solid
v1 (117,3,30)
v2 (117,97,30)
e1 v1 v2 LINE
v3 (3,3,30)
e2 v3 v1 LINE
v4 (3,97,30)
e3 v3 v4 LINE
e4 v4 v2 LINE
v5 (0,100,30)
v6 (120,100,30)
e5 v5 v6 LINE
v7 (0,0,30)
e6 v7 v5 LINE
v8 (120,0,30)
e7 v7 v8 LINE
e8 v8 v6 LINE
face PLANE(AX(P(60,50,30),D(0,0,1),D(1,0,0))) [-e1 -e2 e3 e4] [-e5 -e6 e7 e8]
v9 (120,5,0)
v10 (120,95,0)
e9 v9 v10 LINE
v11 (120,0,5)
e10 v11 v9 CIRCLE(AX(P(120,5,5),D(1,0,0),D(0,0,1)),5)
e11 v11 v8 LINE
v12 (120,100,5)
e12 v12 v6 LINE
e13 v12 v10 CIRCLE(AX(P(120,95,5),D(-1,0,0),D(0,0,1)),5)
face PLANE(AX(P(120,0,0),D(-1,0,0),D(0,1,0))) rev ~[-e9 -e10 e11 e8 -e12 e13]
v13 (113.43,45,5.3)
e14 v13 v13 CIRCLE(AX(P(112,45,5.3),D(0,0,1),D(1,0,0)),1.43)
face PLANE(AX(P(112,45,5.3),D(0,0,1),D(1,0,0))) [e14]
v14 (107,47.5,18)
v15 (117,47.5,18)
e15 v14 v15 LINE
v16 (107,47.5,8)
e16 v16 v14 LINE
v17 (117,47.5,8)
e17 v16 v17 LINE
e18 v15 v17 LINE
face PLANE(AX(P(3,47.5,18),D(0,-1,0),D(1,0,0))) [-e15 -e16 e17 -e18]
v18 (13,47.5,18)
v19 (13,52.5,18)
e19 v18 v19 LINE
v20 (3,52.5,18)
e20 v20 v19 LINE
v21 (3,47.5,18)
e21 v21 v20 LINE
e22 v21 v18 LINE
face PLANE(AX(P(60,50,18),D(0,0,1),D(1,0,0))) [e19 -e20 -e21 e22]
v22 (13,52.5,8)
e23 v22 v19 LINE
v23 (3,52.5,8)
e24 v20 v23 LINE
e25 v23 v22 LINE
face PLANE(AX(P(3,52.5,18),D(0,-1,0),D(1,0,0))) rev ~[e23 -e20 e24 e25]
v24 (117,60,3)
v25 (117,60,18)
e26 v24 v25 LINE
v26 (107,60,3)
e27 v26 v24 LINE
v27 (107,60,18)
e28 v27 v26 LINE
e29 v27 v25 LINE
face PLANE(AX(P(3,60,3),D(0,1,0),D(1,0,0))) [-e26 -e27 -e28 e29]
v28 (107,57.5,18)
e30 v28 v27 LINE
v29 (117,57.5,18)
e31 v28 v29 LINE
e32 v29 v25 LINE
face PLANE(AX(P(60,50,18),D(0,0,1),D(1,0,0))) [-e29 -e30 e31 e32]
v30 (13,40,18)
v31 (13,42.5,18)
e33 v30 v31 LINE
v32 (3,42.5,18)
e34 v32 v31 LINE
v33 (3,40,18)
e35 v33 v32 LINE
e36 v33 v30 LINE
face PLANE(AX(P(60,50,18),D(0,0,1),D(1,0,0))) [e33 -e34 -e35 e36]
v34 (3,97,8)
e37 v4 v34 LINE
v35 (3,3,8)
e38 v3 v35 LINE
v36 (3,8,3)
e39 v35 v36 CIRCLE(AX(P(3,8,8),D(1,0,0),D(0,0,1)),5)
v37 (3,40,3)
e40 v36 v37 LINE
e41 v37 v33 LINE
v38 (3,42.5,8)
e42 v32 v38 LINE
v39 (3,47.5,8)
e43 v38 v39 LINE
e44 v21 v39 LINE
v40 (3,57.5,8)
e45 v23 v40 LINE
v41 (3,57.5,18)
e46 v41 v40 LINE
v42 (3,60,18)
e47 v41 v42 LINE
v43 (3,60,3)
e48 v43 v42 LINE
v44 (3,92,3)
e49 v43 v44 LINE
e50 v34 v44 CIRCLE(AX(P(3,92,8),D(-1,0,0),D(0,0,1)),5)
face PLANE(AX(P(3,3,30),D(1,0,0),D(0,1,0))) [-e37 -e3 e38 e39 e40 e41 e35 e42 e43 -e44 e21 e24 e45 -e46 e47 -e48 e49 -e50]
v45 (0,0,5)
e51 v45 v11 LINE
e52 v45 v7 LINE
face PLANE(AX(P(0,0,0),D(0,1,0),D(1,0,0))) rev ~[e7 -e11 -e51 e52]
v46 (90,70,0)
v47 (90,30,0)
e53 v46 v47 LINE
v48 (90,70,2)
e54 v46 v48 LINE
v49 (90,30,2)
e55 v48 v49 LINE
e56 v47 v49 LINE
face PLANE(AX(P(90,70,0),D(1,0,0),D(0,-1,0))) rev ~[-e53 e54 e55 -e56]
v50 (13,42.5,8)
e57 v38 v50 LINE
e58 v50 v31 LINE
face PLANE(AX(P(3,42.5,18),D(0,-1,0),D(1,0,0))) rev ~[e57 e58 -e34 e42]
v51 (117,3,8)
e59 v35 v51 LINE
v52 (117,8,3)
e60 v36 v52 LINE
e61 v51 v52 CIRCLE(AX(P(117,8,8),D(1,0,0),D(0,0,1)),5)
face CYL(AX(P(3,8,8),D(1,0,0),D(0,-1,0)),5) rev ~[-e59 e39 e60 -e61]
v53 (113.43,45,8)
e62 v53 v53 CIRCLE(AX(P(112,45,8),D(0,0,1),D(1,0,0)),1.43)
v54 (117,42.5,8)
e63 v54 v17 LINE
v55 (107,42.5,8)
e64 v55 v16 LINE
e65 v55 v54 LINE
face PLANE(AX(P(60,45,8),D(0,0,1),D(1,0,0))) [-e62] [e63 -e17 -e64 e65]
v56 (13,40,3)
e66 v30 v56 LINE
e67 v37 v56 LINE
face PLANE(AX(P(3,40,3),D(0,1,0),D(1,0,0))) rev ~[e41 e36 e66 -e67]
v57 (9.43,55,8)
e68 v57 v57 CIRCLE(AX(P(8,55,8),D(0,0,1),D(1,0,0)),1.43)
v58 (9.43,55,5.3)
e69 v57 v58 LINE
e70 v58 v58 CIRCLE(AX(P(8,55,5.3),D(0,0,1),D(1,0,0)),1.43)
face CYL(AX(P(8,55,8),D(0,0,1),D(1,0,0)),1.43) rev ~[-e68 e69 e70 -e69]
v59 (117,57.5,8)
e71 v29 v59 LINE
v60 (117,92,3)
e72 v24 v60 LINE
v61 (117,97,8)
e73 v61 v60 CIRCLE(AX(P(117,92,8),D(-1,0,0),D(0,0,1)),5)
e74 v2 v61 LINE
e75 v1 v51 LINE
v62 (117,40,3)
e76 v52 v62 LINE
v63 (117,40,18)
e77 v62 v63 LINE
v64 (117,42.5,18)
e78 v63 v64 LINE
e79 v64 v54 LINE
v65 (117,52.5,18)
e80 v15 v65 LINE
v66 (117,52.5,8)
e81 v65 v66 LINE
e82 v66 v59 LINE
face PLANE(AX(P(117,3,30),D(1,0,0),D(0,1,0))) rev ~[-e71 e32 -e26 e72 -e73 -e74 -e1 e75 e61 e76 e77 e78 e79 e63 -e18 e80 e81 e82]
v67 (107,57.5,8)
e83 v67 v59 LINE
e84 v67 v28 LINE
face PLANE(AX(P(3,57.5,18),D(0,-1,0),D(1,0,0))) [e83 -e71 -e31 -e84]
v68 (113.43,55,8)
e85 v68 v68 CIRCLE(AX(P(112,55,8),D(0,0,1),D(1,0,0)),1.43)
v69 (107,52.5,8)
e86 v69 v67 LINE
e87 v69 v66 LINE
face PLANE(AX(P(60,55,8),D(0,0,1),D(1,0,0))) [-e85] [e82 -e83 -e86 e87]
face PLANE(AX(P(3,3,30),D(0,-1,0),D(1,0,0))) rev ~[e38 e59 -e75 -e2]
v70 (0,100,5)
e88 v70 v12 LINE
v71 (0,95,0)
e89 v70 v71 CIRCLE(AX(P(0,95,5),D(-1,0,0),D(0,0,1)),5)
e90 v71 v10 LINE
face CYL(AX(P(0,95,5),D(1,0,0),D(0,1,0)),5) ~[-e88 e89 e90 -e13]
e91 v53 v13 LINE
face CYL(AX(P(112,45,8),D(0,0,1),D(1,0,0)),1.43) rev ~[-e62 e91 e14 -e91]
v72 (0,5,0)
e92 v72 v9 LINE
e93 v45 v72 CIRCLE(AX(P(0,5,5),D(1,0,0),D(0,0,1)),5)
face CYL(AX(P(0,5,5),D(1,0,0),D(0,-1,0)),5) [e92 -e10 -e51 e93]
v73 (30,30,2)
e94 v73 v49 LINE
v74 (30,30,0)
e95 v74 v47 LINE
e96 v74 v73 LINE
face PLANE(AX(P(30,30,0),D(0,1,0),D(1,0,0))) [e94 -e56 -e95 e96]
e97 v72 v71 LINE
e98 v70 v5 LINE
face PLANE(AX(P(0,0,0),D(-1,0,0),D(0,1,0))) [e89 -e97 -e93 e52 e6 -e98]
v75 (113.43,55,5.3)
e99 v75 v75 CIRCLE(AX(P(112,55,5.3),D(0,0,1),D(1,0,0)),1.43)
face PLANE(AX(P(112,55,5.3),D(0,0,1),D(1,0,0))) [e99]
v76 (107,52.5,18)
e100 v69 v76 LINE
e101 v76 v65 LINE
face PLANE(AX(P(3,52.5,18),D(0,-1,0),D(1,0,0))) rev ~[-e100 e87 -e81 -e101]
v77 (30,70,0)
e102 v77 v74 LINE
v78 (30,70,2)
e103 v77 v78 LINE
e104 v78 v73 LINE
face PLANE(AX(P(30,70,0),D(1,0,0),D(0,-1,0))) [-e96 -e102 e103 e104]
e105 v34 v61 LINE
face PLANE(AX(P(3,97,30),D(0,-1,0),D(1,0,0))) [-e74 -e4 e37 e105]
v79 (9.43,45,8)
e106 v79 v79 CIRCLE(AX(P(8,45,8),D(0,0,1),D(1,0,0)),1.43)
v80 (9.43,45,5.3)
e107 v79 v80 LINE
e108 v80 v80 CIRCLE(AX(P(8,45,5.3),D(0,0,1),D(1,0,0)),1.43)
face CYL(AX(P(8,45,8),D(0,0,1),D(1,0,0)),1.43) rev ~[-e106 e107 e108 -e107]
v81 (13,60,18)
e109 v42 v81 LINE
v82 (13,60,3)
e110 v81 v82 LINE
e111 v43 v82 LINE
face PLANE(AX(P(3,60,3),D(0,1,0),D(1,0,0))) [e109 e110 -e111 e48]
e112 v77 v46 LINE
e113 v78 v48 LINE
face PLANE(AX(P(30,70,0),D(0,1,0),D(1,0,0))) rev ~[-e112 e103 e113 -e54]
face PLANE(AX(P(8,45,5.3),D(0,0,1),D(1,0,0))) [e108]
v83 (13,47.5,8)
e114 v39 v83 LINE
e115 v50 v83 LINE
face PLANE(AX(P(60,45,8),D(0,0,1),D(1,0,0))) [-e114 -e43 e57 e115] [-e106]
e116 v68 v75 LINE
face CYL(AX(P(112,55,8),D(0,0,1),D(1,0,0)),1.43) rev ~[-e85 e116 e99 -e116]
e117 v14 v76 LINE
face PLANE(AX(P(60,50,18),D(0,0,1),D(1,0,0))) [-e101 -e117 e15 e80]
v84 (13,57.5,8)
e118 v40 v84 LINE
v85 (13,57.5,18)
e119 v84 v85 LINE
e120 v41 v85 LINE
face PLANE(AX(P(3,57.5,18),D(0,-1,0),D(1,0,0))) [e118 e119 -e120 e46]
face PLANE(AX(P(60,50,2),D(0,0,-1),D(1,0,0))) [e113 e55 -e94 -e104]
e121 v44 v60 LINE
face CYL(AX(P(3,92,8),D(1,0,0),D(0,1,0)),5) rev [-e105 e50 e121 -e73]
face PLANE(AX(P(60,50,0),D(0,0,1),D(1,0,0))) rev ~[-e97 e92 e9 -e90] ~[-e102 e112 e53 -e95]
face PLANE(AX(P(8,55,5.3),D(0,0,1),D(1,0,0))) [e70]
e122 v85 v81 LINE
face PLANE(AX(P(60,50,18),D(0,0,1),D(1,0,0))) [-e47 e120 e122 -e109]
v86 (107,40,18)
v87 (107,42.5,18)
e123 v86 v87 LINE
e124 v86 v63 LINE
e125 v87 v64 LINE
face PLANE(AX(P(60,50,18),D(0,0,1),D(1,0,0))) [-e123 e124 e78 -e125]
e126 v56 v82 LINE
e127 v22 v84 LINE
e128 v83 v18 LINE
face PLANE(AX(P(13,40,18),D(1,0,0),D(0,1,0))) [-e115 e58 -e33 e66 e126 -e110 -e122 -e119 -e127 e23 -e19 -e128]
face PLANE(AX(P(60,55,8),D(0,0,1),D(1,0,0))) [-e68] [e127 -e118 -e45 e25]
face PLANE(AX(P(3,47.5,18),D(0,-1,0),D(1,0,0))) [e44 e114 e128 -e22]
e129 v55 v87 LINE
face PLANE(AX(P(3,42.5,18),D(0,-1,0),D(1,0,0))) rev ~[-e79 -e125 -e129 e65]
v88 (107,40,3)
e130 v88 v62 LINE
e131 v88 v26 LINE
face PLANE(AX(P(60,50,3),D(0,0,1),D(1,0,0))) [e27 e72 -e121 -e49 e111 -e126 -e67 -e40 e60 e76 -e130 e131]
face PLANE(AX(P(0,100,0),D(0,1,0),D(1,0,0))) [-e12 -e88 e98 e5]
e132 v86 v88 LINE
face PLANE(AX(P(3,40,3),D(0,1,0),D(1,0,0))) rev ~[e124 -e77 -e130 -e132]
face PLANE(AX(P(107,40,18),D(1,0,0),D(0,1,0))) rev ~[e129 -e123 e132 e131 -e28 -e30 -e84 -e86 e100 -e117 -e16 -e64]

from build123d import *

# Parameters (mm, degrees)
BOX_W           = 120
BOX_H           = 100
BOX_DEPTH       = 30
SKETCH_W        = 114
SKETCH_H        = 94
POCKET_DEPTH    = 27
SKETCH001_W     = 114
SKETCH001_H     = 20
PAD_DEPTH       = 15
SKETCH002_W     = 114
SKETCH002_H     = 5
POCKET001_DEPTH = 10
SKETCH003_W     = 94
SKETCH003_H     = 20
POCKET002_DEPTH = 15
SKETCH008_R     = 1.43
POCKET005_DEPTH = 2.7
FILLET_R        = 5
SKETCH011_W     = 60
SKETCH011_H     = 40
POCKET008_DEPTH = 2


with BuildPart() as part:
    # Box → Box (new body)
    with BuildSketch(Plane.XY):
        with Locations((60, 50)):
            Rectangle(BOX_W, BOX_H)
    extrude(amount=BOX_DEPTH)

    # Sketch (on Face6 of BaseFeature) → Pocket (cut)
    with BuildSketch(Plane.XY.offset(30)):
        with Locations((60, 50)):
            Rectangle(SKETCH_W, SKETCH_H)
    extrude(amount=-POCKET_DEPTH, mode=Mode.SUBTRACT)

    # Sketch001 (on Face11 of Pocket) → Pad (join)
    with BuildSketch(Plane.XY.offset(3)):
        with Locations((60, 50)):
            Rectangle(SKETCH001_W, SKETCH001_H)
    extrude(amount=PAD_DEPTH)

    # Sketch002 (on Face13 of Pad) → Pocket001 (cut)
    with BuildSketch(Plane.XY.offset(18)):
        with Locations((60, 55)):
            Rectangle(SKETCH002_W, SKETCH002_H)
        with Locations((60, 45)):
            Rectangle(SKETCH002_W, SKETCH002_H)
    extrude(amount=-POCKET001_DEPTH, mode=Mode.SUBTRACT)

    # Sketch003 (on Face15 of Pocket001) → Pocket002 (cut)
    with BuildSketch(Plane.XY.offset(18)):
        with Locations((60, 50)):
            Rectangle(SKETCH003_W, SKETCH003_H)
    extrude(amount=-POCKET002_DEPTH, mode=Mode.SUBTRACT)

    # Sketch008 (on Face41 of Pocket002) → Pocket005 (cut)
    with BuildSketch(Plane.XY.offset(8)):
        with Locations((112, 45)):
            Circle(SKETCH008_R)
        with Locations((112, 55)):
            Circle(SKETCH008_R)
        with Locations((8, 45)):
            Circle(SKETCH008_R)
        with Locations((8, 55)):
            Circle(SKETCH008_R)
    extrude(amount=-POCKET005_DEPTH, mode=Mode.SUBTRACT)

    # Fillet
    fillet_edges = [part.edges().sort_by_distance(p)[0] for p in [
        (60, 0, 0),
        (60, 3, 3),
        (60, 97, 3),
        (60, 100, 0),
    ]]
    fillet(fillet_edges, radius=FILLET_R)

    # Sketch011 (on Face5 of Fillet) → Pocket008 (cut)
    with BuildSketch(Plane(origin=(0, 0, 0), x_dir=(1, 0, 0), z_dir=(0, 0, -1))):
        with Locations((60, -50)):
            Rectangle(SKETCH011_W, SKETCH011_H)
    extrude(amount=-POCKET008_DEPTH, mode=Mode.SUBTRACT)


solid = part.part
